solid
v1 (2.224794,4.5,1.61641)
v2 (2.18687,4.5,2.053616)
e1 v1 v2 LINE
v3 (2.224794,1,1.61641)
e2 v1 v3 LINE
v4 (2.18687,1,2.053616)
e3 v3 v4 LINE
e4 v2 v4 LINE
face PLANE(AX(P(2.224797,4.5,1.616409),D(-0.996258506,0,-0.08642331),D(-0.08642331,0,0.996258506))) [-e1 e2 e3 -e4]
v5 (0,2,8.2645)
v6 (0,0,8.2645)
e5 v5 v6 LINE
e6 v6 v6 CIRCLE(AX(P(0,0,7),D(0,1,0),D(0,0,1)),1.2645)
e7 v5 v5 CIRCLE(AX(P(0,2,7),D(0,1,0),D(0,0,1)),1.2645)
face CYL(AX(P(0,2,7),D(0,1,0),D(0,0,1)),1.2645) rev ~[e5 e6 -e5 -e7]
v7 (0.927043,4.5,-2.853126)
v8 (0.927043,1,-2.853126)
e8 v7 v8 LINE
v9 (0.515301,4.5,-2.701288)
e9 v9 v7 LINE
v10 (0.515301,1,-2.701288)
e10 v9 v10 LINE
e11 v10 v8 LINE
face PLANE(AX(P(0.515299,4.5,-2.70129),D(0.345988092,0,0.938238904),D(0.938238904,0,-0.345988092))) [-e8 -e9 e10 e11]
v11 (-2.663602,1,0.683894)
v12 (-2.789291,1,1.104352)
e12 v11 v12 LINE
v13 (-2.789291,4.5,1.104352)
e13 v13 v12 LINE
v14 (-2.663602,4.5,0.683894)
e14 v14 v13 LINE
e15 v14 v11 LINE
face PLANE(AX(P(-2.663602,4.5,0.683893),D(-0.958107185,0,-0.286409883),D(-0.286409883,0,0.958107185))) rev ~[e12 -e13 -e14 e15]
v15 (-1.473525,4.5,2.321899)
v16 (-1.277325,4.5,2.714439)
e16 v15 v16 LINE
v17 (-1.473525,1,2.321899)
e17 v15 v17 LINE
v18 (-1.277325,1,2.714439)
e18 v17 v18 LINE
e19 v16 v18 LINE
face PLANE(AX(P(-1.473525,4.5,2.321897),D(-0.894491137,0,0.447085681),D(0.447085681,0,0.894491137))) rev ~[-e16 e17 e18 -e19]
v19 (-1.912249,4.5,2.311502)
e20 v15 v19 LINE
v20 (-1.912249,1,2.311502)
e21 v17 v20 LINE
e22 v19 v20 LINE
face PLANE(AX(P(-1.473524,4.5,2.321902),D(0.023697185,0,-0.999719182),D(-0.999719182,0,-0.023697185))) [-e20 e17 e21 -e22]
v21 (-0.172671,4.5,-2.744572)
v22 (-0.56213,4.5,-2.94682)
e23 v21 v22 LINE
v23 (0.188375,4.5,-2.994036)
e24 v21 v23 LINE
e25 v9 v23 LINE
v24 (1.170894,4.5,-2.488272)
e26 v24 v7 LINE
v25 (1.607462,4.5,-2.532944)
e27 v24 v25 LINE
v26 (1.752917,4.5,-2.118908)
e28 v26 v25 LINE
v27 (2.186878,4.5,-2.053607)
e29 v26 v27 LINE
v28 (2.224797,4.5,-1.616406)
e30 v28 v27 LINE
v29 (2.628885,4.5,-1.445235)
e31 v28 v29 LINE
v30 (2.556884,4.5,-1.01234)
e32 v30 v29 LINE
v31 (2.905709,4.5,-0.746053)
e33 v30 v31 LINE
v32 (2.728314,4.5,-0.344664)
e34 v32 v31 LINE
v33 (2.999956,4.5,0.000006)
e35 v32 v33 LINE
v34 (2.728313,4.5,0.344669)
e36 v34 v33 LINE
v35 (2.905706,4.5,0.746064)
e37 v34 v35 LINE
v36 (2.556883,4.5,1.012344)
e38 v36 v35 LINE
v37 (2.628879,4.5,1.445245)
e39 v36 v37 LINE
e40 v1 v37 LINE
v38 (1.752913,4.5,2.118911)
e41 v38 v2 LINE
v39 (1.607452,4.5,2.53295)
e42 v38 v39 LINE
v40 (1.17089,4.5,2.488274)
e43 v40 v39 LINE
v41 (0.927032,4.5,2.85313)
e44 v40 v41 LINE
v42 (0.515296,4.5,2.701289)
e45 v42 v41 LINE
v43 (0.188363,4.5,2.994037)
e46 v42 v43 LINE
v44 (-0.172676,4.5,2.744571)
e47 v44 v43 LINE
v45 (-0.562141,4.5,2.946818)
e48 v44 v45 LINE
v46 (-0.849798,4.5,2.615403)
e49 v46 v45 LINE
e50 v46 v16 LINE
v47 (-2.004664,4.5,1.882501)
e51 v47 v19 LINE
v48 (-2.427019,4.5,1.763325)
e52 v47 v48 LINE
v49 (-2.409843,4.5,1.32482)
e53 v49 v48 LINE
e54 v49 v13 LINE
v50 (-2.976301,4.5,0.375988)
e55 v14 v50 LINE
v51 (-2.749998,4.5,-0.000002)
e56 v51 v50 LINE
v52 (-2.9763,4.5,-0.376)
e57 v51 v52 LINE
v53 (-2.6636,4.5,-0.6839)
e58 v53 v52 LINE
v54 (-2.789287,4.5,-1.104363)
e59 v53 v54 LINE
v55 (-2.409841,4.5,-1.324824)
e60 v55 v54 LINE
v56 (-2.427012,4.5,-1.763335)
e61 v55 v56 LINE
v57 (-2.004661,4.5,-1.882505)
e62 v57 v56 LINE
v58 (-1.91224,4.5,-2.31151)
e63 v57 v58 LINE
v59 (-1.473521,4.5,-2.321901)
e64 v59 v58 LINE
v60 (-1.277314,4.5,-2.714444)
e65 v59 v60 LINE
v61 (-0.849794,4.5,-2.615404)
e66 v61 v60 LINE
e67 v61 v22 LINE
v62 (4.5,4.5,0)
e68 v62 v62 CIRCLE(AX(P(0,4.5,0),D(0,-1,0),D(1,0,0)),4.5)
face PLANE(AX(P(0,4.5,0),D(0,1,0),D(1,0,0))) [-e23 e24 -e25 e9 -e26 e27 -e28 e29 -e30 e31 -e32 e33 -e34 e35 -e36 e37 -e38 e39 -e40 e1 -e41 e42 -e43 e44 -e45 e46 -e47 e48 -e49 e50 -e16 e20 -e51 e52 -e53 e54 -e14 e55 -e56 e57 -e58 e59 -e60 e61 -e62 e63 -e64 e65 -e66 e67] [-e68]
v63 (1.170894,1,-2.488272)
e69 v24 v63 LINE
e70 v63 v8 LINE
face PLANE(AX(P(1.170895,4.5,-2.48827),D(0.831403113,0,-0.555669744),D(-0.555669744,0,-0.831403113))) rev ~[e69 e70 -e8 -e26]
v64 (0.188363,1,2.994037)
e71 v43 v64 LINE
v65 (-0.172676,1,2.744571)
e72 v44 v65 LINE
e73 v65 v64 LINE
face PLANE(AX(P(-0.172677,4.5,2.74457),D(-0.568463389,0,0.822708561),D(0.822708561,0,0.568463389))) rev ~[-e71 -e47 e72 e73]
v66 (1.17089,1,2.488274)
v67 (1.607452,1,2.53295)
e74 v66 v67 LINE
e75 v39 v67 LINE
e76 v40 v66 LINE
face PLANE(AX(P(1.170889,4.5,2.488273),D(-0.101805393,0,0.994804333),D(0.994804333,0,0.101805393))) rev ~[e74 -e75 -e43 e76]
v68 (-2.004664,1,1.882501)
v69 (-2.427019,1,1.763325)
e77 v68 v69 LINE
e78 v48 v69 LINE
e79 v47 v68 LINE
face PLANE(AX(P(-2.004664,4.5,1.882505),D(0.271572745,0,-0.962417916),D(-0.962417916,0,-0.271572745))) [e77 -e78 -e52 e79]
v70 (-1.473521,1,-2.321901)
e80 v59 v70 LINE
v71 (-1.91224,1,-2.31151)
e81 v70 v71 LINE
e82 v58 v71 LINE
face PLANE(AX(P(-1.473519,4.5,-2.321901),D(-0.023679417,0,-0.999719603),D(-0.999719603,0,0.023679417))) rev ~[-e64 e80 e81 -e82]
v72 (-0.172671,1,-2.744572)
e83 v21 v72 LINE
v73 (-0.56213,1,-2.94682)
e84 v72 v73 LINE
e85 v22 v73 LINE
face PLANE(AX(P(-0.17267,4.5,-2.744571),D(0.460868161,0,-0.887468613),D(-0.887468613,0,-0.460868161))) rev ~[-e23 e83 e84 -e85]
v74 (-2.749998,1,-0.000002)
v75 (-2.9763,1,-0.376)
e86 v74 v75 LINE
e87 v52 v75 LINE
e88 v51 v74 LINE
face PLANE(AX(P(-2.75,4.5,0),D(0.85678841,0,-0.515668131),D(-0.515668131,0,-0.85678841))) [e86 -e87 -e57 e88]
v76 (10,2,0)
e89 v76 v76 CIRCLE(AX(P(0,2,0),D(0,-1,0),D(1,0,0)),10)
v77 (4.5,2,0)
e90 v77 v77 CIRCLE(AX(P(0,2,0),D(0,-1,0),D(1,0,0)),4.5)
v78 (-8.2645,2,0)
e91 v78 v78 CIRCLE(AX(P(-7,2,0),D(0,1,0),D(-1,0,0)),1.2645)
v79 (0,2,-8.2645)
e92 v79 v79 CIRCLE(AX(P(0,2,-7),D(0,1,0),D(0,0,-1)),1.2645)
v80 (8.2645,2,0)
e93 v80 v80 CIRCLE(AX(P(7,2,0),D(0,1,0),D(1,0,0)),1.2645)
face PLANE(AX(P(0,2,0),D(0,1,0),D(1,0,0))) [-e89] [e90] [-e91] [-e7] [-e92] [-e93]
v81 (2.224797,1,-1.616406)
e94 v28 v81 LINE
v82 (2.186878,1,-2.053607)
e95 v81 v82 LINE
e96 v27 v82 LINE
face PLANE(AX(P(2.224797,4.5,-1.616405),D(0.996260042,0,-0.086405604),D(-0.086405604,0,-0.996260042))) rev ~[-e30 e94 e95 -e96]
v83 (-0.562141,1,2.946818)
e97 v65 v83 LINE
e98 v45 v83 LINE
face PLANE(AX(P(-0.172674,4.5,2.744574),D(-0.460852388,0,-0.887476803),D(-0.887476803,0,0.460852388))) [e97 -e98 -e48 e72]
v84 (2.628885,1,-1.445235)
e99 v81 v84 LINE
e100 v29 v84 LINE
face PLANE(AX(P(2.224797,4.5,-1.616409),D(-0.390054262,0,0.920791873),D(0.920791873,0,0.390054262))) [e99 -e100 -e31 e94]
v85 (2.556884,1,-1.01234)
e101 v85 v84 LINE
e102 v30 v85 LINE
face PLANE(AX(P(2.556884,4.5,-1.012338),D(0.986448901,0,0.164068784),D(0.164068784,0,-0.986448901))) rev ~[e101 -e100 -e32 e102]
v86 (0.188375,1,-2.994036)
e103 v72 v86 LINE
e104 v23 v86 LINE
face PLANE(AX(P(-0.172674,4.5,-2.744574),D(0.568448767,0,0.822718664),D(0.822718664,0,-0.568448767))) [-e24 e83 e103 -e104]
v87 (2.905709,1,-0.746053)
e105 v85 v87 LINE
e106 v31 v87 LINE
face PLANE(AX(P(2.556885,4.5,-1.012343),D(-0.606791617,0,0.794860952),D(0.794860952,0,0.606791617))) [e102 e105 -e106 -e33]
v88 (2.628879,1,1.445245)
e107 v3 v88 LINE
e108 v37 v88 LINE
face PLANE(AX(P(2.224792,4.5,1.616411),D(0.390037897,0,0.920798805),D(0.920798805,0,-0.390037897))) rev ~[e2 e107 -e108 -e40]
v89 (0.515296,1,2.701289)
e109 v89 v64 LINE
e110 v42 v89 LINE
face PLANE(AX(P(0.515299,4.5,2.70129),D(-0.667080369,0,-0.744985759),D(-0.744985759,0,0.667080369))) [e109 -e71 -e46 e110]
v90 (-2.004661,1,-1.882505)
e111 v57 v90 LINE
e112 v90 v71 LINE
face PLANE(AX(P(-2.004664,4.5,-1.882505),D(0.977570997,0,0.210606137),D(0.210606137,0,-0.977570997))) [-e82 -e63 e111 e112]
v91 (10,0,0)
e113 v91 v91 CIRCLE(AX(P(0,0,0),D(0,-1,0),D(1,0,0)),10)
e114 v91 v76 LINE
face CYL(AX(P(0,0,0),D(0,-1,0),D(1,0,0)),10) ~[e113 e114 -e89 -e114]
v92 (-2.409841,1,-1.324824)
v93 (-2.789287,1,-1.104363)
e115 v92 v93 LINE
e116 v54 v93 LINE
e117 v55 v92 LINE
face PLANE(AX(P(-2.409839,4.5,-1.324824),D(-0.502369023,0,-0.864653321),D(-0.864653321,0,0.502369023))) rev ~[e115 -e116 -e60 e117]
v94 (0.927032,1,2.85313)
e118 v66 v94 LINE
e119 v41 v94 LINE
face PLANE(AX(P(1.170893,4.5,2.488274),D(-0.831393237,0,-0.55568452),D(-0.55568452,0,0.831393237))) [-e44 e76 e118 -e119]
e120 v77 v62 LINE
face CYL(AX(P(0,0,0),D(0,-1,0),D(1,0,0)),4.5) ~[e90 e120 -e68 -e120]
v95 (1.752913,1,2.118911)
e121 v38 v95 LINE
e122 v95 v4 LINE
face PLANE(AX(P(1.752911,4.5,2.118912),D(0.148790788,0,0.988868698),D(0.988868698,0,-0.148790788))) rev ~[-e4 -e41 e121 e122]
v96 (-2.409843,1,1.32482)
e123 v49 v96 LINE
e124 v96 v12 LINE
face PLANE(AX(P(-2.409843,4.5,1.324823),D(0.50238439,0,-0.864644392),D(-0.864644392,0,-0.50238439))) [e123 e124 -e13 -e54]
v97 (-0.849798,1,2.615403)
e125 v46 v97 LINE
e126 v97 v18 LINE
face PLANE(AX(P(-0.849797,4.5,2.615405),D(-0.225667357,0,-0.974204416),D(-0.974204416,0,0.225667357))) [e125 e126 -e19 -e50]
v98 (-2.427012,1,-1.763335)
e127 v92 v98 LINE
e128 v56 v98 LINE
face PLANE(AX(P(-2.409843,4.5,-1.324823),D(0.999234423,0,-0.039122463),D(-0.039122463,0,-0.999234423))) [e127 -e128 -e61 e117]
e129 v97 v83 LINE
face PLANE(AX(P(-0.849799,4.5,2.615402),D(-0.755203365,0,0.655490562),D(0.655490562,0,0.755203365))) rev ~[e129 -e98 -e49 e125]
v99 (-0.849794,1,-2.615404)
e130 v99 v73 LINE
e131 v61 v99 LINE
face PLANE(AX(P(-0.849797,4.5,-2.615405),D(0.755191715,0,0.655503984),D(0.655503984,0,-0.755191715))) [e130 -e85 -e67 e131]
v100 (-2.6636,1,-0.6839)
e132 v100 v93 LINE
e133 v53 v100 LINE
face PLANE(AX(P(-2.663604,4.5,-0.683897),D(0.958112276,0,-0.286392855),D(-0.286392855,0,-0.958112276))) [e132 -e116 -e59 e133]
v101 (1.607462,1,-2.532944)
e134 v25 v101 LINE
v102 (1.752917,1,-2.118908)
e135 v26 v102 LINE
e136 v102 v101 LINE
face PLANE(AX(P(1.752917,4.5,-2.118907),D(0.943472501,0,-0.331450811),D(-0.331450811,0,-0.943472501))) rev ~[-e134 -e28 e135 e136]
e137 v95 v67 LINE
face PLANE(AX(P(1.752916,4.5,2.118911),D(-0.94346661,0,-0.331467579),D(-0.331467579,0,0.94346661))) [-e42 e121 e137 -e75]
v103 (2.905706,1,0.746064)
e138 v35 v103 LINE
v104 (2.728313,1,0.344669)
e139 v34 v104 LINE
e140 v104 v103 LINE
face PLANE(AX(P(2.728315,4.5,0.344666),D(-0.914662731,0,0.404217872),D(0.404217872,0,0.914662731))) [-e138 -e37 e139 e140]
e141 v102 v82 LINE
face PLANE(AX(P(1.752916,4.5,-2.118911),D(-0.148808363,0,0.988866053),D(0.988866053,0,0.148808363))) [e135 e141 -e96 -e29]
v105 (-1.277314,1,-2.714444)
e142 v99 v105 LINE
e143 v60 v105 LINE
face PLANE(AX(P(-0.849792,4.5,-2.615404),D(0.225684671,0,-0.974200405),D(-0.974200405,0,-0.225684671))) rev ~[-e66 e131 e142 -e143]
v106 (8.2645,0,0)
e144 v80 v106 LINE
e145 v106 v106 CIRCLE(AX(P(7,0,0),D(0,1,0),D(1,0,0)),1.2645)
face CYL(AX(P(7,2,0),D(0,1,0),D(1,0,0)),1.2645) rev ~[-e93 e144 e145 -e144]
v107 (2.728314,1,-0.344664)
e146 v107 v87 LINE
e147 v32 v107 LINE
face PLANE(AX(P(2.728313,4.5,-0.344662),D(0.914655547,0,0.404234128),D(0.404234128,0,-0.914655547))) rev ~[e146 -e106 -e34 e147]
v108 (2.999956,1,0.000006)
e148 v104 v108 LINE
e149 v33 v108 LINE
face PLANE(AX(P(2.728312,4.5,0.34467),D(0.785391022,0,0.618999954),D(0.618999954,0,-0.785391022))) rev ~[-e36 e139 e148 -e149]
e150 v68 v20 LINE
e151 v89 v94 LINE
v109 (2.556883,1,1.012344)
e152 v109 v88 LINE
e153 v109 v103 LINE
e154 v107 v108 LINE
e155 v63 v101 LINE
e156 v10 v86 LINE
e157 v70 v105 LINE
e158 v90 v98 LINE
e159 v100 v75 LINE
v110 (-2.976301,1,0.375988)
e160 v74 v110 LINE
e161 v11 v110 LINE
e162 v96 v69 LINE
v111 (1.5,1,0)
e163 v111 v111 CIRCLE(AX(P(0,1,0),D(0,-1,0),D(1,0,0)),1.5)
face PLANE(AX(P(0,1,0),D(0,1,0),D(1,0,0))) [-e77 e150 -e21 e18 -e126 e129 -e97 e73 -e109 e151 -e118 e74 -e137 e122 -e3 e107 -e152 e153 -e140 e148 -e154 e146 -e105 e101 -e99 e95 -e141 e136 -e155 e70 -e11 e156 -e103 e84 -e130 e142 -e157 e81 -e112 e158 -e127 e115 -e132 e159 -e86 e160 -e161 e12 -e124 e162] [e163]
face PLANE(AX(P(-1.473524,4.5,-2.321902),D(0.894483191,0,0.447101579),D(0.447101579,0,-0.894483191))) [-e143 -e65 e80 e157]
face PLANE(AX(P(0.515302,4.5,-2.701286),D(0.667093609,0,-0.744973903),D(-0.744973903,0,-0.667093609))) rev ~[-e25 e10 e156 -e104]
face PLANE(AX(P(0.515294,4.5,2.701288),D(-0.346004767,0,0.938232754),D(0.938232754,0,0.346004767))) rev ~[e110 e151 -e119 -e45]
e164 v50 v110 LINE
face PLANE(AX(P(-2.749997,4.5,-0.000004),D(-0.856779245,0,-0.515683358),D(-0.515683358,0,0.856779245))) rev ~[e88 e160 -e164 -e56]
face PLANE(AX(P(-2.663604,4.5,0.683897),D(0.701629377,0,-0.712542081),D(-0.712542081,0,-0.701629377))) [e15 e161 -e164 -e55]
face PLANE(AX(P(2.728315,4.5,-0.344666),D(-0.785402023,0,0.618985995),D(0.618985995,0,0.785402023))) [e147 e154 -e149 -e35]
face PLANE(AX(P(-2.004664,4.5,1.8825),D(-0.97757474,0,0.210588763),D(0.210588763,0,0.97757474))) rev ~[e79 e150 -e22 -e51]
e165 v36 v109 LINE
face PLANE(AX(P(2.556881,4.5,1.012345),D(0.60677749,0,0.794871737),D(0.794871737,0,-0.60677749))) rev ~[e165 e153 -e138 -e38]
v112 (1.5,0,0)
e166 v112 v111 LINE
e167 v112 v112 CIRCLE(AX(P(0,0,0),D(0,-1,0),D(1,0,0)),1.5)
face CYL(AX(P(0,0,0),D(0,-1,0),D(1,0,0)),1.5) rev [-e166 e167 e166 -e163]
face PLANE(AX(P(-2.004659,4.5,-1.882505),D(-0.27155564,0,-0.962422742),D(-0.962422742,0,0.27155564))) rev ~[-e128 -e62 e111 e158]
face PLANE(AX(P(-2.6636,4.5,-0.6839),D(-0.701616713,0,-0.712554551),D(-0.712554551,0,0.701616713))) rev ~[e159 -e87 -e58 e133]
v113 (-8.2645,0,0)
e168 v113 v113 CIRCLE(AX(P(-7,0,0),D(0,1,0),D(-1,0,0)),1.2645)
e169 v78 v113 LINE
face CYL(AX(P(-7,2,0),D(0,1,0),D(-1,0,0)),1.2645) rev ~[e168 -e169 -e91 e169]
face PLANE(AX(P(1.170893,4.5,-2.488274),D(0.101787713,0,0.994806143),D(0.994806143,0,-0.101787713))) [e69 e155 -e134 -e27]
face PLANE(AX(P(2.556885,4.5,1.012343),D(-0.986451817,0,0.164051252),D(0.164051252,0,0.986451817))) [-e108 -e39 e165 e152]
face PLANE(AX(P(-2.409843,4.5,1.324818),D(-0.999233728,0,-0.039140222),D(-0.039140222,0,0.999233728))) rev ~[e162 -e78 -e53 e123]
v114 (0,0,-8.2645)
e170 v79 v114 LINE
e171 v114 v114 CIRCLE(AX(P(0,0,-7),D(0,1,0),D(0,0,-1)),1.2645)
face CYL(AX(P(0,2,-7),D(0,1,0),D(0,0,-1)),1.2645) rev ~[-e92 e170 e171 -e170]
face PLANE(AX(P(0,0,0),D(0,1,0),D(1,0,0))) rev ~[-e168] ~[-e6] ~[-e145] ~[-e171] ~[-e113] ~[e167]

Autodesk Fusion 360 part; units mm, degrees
sketch "Sketch1" plane through (0, 0, 0) normal (0, 1, 0) x (1, 0, 0)
  circle A0 centre (0, 0) radius 10
  circle A1 centre (0, 0) radius 4.5
  circle A2 centre (0, 0) radius 2.75
  circle A3 centre (0, 0) radius 1.5
  dimension "d1" = 20
  dimension "d2" = 9
  dimension "d3" = 5.5
  dimension "d4" = 3
extrude "Extrude1" add sketch "Sketch1" along normal blind 2 contours A0
extrude "Extrude2" add sketch "Sketch1" along normal blind 4.5 contours A1
extrude "Extrude3" add sketch "Sketch1" along normal blind 1 contours A2
sketch "Sketch2" plane through (0, 2, 0) normal (0, 1, 0) x (-1, 0, 0)
  circle A0 centre (0, 0) radius 4.5
  circle A1 centre (0, 0) radius 10
  circle A2 centre (0, 0) radius 7
  line L0 (0, 0) -> (7, 0)
  circle A3 centre (7, 0) radius 1.5
  dimension "d11" = 14
  dimension "d12" = 3
extrude "Extrude4" cut sketch "Sketch2" against normal blind 2 contours A2 L0 A3 | A2 A3 | A2 L0 A3 picked at (7.4507, 0.3705)
pattern_circular "C-Pattern1" count 4 over 360 about axis through (0, 1.75, 0) along (0, 1, 0) of "Extrude4"
thread "Thread1" "ISO Metric profile 3.0 M3x0.5 6H" major diameter 3.086 minor diameter 2.529 pitch 0.5 angle 60 resizes the face on face at (-8.4925, 0.6667, -0.1494)
thread "Thread2" "ISO Metric profile 3.0 M3x0.5 6H" major diameter 3.086 minor diameter 2.529 pitch 0.5 angle 60 resizes the face on face at (0.0748, 1.3333, -8.4981)
thread "Thread3" "ISO Metric profile 3.0 M3x0.5 6H" major diameter 3.086 minor diameter 2.529 pitch 0.5 angle 60 resizes the face on face at (-0.0748, 1.3333, 8.4981)
thread "Thread4" "ISO Metric profile 3.0 M3x0.5 6H" major diameter 3.086 minor diameter 2.529 pitch 0.5 angle 60 resizes the face on face at (8.4981, 1.3333, 0.0748)
sketch "Sketch3" plane through (0, 4.5, 0) normal (0, 1, 0) x (-1, 0, 0)
  circle A0 centre (0, 0) radius 2.75
  circle A1 centre (0, 0) radius 4.5
  circle A2 centre (0, 0) radius 3
  line L0 (0, 0) -> (3, 0)
  line L1 (0, 0) -> (2.9763, -0.376)
  line L2 (0, 0) -> (2.9057, -0.7461)
  line L3 (2.75, 0) -> (2.9763, -0.376)
  line L4 (2.6636, -0.6839) -> (2.9763, -0.376)
  dimension "d18" = 7.2
  dimension "d19" = 7.2
  dimension "d20" = 6
extrude "Extrude5" cut sketch "Sketch3" against normal blind 3.5 contours A0 L1 L3 | A0 L1 L4
pattern_circular "C-Pattern2" count 25 over 360 about axis through (0, 1.75, 0) along (0, 1, 0) of "Extrude5"
